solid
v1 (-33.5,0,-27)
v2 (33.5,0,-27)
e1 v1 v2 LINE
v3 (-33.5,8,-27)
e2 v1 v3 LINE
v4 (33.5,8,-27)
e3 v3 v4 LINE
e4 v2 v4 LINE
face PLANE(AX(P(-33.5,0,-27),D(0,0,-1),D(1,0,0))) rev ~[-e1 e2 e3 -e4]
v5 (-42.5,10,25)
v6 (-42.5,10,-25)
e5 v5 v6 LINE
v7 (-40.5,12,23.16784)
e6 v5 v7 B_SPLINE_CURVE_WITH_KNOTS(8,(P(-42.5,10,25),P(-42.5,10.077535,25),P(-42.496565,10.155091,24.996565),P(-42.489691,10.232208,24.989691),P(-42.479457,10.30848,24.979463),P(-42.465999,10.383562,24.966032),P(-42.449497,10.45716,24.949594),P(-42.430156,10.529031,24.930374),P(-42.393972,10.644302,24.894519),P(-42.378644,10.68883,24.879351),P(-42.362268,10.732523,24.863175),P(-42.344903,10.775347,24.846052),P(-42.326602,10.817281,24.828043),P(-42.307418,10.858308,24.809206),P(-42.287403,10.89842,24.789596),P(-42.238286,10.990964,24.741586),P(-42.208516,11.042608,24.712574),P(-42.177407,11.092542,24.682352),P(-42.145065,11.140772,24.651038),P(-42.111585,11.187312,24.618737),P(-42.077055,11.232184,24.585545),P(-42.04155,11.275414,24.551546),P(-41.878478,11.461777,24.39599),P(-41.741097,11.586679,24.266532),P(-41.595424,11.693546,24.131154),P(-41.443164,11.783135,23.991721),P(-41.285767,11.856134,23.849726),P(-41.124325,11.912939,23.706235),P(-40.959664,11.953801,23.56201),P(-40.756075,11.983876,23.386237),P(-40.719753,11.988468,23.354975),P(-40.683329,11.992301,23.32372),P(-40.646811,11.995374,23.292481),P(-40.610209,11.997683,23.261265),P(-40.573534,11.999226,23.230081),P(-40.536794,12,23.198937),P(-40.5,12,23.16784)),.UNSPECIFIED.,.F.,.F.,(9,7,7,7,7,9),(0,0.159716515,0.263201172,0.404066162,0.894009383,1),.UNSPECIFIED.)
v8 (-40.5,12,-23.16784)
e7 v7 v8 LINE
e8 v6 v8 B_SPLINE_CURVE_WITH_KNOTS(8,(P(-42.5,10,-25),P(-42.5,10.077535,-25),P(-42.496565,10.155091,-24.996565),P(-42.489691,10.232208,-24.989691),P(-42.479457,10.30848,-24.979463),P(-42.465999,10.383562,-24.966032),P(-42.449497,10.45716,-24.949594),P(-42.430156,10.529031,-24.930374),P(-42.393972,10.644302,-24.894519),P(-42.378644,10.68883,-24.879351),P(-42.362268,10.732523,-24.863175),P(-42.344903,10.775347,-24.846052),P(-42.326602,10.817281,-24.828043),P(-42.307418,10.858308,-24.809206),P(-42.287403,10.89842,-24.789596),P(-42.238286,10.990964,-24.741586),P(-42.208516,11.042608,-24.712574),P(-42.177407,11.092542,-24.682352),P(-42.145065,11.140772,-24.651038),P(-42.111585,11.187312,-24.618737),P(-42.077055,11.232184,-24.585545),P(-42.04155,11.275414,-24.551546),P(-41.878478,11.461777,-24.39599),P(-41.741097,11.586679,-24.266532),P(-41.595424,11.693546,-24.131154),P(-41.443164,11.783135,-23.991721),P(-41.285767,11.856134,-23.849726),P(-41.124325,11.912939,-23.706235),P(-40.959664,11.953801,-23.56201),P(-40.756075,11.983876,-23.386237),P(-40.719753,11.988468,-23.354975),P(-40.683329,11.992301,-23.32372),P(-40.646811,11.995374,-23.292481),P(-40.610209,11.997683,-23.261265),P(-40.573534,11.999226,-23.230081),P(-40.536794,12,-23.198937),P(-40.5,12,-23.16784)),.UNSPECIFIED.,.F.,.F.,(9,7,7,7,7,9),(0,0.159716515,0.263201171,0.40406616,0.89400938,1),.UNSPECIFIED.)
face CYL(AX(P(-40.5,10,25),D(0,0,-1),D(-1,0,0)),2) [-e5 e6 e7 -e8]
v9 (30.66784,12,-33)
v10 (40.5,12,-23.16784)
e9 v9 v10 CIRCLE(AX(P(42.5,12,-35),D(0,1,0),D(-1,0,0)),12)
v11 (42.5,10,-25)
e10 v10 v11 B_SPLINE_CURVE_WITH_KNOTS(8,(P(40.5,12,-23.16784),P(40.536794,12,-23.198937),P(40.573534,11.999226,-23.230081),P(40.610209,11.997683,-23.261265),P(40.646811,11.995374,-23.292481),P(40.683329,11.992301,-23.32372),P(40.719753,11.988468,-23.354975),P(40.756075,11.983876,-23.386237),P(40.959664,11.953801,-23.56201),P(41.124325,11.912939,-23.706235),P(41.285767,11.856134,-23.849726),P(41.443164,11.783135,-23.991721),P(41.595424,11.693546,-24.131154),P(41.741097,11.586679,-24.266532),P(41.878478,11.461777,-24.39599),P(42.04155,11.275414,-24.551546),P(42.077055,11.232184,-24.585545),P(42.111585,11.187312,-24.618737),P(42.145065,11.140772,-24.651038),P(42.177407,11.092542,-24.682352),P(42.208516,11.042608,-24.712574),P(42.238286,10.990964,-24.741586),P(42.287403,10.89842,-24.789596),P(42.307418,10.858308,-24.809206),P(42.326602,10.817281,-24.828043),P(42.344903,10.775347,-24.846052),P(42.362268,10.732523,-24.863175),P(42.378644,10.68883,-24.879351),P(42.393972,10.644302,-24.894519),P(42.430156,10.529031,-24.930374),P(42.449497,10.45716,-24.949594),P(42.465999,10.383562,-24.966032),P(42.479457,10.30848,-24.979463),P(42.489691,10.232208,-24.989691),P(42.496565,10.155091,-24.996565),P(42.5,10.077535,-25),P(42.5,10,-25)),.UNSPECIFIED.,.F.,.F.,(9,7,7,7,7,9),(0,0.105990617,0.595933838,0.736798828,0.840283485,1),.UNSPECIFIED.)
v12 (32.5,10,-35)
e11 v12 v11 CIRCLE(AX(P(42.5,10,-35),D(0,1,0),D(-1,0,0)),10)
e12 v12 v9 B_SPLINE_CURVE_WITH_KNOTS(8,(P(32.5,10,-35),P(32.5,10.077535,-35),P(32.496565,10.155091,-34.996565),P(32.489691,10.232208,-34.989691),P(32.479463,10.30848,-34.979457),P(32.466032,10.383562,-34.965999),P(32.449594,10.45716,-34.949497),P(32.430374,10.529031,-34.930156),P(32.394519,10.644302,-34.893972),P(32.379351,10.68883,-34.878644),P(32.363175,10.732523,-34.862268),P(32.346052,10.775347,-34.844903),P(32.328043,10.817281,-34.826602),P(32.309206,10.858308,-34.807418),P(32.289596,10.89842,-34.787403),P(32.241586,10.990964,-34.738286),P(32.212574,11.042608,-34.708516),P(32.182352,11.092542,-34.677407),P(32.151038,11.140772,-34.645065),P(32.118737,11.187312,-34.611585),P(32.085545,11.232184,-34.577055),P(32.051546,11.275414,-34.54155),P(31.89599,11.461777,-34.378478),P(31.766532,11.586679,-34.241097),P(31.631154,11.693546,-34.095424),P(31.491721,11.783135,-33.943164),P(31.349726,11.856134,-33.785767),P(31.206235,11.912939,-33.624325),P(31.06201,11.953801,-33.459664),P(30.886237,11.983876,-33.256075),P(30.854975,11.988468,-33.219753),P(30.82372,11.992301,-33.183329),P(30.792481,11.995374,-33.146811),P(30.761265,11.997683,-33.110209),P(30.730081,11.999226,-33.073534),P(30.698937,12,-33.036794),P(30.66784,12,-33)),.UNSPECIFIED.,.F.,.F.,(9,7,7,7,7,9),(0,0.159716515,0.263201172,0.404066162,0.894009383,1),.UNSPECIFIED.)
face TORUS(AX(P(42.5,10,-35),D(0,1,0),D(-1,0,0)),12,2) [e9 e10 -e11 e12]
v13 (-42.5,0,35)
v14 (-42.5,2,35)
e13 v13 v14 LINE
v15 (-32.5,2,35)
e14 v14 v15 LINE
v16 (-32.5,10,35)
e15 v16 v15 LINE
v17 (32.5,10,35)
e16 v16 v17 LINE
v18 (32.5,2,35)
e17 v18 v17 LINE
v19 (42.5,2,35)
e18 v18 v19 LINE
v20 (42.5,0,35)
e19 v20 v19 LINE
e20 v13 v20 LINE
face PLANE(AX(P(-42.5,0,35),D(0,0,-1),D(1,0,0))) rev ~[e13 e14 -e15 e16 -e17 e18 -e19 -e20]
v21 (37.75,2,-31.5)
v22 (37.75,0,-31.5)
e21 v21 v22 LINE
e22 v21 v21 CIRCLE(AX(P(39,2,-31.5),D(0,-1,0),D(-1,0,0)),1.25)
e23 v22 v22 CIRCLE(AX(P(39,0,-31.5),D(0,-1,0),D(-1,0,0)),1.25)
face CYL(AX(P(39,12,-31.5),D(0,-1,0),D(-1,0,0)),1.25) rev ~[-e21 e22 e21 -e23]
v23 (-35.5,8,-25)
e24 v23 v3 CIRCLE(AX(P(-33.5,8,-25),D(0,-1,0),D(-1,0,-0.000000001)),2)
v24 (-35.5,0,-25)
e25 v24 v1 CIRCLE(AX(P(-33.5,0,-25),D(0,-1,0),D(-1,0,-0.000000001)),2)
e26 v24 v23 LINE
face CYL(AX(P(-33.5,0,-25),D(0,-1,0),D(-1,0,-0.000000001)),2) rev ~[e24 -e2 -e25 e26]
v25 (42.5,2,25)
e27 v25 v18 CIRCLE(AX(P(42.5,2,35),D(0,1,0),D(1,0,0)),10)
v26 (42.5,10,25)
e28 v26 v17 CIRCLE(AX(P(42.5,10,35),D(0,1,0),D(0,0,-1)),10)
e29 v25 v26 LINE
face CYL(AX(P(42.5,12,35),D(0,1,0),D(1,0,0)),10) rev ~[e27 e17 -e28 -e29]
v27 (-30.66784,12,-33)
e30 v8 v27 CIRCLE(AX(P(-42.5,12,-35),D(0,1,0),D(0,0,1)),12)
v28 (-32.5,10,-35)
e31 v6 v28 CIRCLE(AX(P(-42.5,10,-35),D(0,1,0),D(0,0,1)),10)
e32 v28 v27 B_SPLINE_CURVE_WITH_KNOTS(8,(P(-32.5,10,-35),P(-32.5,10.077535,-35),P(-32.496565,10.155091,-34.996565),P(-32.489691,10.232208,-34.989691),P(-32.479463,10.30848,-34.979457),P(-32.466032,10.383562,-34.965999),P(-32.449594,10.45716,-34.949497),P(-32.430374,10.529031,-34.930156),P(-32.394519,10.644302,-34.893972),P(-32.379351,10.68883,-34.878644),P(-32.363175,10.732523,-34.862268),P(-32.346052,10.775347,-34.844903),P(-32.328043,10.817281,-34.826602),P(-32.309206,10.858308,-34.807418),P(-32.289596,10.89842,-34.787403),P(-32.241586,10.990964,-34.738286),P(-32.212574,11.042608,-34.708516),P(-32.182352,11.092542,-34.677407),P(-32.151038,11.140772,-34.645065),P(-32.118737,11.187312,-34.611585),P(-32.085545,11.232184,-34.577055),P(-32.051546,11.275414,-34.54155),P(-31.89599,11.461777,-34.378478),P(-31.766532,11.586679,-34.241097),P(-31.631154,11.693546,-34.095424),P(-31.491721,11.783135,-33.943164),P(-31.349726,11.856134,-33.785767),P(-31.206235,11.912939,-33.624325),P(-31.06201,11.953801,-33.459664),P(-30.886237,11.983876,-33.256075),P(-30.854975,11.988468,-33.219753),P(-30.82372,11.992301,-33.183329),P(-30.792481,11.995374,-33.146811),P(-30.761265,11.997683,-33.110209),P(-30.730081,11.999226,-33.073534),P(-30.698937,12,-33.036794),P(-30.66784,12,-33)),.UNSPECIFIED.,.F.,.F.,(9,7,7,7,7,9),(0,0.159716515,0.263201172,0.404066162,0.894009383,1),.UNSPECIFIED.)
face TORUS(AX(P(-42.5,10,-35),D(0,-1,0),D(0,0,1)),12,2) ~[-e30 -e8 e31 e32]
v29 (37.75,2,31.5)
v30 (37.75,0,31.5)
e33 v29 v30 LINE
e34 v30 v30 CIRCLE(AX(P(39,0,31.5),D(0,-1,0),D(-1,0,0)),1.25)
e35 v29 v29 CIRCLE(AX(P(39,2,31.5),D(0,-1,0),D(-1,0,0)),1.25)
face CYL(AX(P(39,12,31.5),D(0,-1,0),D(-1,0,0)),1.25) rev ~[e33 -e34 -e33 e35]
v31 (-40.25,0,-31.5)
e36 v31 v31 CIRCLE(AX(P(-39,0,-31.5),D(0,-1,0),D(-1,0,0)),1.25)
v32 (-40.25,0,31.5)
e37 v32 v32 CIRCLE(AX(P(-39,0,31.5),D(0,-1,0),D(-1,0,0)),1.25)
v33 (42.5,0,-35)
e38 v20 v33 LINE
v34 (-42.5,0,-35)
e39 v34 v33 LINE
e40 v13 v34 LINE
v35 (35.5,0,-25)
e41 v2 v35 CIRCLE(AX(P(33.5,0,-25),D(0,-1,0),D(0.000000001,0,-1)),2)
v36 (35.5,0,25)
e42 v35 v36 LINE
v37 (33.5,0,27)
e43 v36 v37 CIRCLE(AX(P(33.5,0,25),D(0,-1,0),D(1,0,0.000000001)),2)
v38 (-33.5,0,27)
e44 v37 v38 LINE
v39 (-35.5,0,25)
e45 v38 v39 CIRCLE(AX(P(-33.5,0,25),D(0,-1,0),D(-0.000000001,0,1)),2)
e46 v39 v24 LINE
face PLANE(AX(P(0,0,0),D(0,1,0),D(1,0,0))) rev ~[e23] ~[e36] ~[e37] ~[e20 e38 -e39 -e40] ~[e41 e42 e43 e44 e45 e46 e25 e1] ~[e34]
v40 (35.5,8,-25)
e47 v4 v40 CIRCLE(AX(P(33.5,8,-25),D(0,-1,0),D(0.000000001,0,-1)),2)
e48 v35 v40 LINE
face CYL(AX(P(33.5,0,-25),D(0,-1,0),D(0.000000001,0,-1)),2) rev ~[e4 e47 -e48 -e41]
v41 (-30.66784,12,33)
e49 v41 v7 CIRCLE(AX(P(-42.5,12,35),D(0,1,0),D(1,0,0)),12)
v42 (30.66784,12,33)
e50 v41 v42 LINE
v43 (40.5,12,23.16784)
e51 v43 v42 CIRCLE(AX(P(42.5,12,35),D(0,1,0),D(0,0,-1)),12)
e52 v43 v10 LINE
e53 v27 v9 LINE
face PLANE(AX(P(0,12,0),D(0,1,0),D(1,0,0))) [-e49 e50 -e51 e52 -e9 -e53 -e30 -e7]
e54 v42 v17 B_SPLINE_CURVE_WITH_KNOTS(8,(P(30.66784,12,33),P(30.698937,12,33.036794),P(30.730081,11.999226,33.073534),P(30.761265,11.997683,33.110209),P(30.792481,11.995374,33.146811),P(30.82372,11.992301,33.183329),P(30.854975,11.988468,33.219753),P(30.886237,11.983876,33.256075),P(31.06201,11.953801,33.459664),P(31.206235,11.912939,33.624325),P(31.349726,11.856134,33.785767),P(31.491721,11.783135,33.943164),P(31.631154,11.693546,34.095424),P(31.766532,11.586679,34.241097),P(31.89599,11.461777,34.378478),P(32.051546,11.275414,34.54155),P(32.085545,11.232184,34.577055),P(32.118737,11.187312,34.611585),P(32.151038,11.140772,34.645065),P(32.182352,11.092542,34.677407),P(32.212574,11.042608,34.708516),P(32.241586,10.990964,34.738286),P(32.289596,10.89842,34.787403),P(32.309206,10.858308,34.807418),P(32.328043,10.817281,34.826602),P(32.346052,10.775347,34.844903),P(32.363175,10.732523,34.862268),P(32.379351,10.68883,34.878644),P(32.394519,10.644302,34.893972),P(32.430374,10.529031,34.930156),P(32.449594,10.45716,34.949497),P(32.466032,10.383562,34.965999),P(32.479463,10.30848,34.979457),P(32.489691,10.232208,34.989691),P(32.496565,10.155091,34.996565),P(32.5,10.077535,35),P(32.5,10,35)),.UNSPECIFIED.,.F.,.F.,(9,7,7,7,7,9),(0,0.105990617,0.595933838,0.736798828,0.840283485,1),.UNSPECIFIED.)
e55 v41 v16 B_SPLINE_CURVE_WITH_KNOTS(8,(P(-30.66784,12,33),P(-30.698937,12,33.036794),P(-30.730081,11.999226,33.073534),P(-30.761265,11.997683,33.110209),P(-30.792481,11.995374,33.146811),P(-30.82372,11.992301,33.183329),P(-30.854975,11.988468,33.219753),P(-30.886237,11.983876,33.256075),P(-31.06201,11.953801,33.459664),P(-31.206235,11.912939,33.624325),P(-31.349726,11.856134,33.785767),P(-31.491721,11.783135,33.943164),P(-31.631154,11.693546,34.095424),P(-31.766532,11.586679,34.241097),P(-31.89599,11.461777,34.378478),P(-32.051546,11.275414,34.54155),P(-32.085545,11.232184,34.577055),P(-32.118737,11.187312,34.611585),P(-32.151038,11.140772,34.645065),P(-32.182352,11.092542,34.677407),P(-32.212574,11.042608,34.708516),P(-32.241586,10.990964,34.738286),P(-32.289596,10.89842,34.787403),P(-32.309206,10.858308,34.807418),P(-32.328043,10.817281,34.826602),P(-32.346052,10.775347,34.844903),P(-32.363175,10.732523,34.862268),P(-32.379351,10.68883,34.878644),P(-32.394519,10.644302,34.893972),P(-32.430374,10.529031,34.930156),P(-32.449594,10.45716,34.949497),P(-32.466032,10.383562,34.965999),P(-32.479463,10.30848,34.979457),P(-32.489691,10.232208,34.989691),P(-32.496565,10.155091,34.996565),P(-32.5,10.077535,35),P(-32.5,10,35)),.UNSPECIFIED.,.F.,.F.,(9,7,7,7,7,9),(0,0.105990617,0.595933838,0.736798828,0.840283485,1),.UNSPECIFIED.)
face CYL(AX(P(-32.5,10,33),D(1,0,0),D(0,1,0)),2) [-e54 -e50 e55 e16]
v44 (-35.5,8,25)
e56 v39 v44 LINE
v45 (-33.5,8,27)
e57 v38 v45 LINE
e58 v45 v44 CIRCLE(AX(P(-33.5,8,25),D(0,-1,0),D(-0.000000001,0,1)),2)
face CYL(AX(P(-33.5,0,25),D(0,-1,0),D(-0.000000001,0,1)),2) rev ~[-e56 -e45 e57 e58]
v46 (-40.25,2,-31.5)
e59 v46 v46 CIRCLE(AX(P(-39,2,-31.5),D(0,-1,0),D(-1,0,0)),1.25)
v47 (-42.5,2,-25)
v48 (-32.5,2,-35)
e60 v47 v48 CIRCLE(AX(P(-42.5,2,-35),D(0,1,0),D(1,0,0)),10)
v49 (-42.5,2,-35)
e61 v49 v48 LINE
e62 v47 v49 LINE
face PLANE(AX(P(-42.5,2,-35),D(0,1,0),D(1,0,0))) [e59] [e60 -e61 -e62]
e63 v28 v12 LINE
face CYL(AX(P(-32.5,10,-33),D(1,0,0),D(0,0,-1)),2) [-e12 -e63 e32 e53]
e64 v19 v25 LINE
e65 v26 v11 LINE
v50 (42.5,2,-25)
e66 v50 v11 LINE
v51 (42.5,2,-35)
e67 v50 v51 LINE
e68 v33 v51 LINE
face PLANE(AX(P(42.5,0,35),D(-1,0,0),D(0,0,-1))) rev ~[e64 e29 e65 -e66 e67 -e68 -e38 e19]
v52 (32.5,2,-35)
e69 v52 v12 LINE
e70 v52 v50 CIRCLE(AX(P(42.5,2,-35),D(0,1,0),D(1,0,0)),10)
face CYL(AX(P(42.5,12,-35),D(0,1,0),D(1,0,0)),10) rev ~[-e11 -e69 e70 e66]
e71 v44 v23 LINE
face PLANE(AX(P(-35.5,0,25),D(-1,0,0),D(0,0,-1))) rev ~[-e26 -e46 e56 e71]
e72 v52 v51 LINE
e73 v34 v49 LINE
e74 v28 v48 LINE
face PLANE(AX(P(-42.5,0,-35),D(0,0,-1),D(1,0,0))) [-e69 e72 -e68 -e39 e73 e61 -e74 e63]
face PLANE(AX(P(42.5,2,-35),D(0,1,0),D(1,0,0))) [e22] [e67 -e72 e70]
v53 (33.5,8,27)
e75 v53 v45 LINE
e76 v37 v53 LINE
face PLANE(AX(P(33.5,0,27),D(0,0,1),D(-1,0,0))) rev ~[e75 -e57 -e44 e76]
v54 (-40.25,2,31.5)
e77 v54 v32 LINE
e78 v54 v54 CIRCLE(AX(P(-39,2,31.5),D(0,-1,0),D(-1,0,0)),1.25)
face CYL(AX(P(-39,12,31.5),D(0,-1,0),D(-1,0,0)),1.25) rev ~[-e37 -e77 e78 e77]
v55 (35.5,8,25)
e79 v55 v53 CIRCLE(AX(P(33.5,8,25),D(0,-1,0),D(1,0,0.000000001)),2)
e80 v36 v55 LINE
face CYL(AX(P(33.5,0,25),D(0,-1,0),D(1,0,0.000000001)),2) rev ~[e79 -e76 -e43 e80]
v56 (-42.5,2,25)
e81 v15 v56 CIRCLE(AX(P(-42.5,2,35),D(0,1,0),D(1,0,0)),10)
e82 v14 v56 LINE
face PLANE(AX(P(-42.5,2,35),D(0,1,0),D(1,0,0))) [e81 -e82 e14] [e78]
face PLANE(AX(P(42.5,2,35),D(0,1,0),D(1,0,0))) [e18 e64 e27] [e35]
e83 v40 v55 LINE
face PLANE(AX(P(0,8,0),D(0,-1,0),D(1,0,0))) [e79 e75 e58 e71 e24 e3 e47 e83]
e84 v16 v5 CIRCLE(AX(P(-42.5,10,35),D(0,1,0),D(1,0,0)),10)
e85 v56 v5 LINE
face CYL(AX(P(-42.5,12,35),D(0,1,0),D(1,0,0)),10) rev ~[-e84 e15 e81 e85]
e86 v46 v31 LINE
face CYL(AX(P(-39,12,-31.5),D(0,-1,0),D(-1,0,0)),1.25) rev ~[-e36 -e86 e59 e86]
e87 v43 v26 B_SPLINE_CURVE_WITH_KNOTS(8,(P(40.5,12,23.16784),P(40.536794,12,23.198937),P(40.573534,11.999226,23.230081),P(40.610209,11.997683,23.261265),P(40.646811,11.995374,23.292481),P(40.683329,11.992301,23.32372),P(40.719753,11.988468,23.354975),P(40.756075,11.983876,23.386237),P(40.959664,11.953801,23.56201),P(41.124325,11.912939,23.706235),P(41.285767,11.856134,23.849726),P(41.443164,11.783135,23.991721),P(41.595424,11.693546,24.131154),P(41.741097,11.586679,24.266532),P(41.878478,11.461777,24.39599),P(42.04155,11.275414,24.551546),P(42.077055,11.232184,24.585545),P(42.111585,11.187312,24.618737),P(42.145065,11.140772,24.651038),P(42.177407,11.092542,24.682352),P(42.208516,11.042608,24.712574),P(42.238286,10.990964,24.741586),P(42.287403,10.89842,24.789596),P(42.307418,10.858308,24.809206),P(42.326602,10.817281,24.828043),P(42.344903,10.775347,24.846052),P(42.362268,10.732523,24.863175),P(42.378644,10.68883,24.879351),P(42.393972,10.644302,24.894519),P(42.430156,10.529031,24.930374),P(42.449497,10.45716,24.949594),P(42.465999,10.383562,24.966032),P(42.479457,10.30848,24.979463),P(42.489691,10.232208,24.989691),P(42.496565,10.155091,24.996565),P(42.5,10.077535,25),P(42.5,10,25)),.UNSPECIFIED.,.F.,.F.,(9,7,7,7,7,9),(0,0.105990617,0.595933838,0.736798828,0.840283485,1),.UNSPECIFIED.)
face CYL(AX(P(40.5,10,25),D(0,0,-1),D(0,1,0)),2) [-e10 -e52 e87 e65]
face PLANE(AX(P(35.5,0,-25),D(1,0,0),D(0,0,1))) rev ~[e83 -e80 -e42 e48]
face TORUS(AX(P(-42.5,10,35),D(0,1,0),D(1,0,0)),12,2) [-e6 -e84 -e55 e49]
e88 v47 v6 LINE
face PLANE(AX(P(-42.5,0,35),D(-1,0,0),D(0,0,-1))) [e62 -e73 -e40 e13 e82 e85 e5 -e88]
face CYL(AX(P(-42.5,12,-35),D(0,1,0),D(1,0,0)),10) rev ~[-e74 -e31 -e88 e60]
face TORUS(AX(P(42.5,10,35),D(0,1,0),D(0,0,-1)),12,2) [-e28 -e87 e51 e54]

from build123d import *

# Parameters (mm, degrees)
SKETCH2_W                 = 85
SKETCH2_H                 = 70
BOSS_EXTRUDE1_DEPTH       = 12
SKETCH4_R                 = 10
CUT_EXTRUDE3_DEPTH        = 10
FILLET2_R                 = 2
M3X0_5_TAPPED_HOLE1_D     = 2.5
M3X0_5_TAPPED_HOLE1_DEPTH = 10
M3X0_5_TAPPED_HOLE1_TIP   = 0.751075774
CUT_EXTRUDE4_DEPTH        = 8


with BuildPart() as part:
    # Sketch2 → Boss-Extrude1 (new body)
    with BuildSketch(Plane(origin=(0, 0, 0), x_dir=(1, 0, 0), z_dir=(0, 1, 0))):
        Rectangle(SKETCH2_W, SKETCH2_H)
    extrude(amount=BOSS_EXTRUDE1_DEPTH)

    # Sketch4 → Cut-Extrude3 (cut)
    with BuildSketch(Plane(origin=(0, 12, 0), x_dir=(1, 0, 0), z_dir=(0, 1, 0))):
        with Locations((42.5, -35)):
            Circle(SKETCH4_R)
        with Locations((-42.5, -35)):
            Circle(SKETCH4_R)
        with Locations((-42.5, 35)):
            Circle(SKETCH4_R)
        with Locations((42.5, 35)):
            Circle(SKETCH4_R)
    extrude(amount=-CUT_EXTRUDE3_DEPTH, mode=Mode.SUBTRACT)

    # Fillet2
    fillet2_edges = [part.edges().sort_by_distance(p)[0] for p in [
        (42.5, 12, 0),
        (0, 12, -35),
        (-42.5, 12, 0),
        (0, 12, 35),
        (35.428932188, 12, -27.928932188),
        (-35.428932188, 12, -27.928932188),
        (-35.428932188, 12, 27.928932188),
        (35.428932188, 12, 27.928932188),
    ]]
    fillet(fillet2_edges, radius=FILLET2_R)

    # M3x0.5 Tapped Hole1
    with Locations(Plane(origin=(0, 2, 0), x_dir=(1, 0, 0), z_dir=(0, 1, 0))):
        with Locations((-39, 31.5), (-39, -31.5), (39, -31.5), (39, 31.5)):
            Hole(M3X0_5_TAPPED_HOLE1_D / 2, depth=M3X0_5_TAPPED_HOLE1_DEPTH)
            with Locations((0, 0, -(M3X0_5_TAPPED_HOLE1_DEPTH + M3X0_5_TAPPED_HOLE1_TIP / 2))):  # 118° drill point
                Cone(0, M3X0_5_TAPPED_HOLE1_D / 2, M3X0_5_TAPPED_HOLE1_TIP, mode=Mode.SUBTRACT)

    # Sketch8 → Cut-Extrude4 (cut)
    with BuildSketch(Plane.XZ):
        with BuildLine():
            Line((35.5, -25), (35.5, 25))
            ThreePointArc((35.5, 25), (34.914213562, 26.414213562), (33.5, 27))
            Line((33.5, 27), (-33.5, 27))
            ThreePointArc((-33.5, 27), (-34.914213562, 26.414213562), (-35.5, 25))
            Line((-35.5, 25), (-35.5, -25))
            ThreePointArc((-35.5, -25), (-34.914213562, -26.414213562), (-33.5, -27))
            Line((-33.5, -27), (33.5, -27))
            ThreePointArc((33.5, -27), (34.914213562, -26.414213562), (35.5, -25))
        make_face()
    extrude(amount=-CUT_EXTRUDE4_DEPTH, mode=Mode.SUBTRACT)


solid = part.part
